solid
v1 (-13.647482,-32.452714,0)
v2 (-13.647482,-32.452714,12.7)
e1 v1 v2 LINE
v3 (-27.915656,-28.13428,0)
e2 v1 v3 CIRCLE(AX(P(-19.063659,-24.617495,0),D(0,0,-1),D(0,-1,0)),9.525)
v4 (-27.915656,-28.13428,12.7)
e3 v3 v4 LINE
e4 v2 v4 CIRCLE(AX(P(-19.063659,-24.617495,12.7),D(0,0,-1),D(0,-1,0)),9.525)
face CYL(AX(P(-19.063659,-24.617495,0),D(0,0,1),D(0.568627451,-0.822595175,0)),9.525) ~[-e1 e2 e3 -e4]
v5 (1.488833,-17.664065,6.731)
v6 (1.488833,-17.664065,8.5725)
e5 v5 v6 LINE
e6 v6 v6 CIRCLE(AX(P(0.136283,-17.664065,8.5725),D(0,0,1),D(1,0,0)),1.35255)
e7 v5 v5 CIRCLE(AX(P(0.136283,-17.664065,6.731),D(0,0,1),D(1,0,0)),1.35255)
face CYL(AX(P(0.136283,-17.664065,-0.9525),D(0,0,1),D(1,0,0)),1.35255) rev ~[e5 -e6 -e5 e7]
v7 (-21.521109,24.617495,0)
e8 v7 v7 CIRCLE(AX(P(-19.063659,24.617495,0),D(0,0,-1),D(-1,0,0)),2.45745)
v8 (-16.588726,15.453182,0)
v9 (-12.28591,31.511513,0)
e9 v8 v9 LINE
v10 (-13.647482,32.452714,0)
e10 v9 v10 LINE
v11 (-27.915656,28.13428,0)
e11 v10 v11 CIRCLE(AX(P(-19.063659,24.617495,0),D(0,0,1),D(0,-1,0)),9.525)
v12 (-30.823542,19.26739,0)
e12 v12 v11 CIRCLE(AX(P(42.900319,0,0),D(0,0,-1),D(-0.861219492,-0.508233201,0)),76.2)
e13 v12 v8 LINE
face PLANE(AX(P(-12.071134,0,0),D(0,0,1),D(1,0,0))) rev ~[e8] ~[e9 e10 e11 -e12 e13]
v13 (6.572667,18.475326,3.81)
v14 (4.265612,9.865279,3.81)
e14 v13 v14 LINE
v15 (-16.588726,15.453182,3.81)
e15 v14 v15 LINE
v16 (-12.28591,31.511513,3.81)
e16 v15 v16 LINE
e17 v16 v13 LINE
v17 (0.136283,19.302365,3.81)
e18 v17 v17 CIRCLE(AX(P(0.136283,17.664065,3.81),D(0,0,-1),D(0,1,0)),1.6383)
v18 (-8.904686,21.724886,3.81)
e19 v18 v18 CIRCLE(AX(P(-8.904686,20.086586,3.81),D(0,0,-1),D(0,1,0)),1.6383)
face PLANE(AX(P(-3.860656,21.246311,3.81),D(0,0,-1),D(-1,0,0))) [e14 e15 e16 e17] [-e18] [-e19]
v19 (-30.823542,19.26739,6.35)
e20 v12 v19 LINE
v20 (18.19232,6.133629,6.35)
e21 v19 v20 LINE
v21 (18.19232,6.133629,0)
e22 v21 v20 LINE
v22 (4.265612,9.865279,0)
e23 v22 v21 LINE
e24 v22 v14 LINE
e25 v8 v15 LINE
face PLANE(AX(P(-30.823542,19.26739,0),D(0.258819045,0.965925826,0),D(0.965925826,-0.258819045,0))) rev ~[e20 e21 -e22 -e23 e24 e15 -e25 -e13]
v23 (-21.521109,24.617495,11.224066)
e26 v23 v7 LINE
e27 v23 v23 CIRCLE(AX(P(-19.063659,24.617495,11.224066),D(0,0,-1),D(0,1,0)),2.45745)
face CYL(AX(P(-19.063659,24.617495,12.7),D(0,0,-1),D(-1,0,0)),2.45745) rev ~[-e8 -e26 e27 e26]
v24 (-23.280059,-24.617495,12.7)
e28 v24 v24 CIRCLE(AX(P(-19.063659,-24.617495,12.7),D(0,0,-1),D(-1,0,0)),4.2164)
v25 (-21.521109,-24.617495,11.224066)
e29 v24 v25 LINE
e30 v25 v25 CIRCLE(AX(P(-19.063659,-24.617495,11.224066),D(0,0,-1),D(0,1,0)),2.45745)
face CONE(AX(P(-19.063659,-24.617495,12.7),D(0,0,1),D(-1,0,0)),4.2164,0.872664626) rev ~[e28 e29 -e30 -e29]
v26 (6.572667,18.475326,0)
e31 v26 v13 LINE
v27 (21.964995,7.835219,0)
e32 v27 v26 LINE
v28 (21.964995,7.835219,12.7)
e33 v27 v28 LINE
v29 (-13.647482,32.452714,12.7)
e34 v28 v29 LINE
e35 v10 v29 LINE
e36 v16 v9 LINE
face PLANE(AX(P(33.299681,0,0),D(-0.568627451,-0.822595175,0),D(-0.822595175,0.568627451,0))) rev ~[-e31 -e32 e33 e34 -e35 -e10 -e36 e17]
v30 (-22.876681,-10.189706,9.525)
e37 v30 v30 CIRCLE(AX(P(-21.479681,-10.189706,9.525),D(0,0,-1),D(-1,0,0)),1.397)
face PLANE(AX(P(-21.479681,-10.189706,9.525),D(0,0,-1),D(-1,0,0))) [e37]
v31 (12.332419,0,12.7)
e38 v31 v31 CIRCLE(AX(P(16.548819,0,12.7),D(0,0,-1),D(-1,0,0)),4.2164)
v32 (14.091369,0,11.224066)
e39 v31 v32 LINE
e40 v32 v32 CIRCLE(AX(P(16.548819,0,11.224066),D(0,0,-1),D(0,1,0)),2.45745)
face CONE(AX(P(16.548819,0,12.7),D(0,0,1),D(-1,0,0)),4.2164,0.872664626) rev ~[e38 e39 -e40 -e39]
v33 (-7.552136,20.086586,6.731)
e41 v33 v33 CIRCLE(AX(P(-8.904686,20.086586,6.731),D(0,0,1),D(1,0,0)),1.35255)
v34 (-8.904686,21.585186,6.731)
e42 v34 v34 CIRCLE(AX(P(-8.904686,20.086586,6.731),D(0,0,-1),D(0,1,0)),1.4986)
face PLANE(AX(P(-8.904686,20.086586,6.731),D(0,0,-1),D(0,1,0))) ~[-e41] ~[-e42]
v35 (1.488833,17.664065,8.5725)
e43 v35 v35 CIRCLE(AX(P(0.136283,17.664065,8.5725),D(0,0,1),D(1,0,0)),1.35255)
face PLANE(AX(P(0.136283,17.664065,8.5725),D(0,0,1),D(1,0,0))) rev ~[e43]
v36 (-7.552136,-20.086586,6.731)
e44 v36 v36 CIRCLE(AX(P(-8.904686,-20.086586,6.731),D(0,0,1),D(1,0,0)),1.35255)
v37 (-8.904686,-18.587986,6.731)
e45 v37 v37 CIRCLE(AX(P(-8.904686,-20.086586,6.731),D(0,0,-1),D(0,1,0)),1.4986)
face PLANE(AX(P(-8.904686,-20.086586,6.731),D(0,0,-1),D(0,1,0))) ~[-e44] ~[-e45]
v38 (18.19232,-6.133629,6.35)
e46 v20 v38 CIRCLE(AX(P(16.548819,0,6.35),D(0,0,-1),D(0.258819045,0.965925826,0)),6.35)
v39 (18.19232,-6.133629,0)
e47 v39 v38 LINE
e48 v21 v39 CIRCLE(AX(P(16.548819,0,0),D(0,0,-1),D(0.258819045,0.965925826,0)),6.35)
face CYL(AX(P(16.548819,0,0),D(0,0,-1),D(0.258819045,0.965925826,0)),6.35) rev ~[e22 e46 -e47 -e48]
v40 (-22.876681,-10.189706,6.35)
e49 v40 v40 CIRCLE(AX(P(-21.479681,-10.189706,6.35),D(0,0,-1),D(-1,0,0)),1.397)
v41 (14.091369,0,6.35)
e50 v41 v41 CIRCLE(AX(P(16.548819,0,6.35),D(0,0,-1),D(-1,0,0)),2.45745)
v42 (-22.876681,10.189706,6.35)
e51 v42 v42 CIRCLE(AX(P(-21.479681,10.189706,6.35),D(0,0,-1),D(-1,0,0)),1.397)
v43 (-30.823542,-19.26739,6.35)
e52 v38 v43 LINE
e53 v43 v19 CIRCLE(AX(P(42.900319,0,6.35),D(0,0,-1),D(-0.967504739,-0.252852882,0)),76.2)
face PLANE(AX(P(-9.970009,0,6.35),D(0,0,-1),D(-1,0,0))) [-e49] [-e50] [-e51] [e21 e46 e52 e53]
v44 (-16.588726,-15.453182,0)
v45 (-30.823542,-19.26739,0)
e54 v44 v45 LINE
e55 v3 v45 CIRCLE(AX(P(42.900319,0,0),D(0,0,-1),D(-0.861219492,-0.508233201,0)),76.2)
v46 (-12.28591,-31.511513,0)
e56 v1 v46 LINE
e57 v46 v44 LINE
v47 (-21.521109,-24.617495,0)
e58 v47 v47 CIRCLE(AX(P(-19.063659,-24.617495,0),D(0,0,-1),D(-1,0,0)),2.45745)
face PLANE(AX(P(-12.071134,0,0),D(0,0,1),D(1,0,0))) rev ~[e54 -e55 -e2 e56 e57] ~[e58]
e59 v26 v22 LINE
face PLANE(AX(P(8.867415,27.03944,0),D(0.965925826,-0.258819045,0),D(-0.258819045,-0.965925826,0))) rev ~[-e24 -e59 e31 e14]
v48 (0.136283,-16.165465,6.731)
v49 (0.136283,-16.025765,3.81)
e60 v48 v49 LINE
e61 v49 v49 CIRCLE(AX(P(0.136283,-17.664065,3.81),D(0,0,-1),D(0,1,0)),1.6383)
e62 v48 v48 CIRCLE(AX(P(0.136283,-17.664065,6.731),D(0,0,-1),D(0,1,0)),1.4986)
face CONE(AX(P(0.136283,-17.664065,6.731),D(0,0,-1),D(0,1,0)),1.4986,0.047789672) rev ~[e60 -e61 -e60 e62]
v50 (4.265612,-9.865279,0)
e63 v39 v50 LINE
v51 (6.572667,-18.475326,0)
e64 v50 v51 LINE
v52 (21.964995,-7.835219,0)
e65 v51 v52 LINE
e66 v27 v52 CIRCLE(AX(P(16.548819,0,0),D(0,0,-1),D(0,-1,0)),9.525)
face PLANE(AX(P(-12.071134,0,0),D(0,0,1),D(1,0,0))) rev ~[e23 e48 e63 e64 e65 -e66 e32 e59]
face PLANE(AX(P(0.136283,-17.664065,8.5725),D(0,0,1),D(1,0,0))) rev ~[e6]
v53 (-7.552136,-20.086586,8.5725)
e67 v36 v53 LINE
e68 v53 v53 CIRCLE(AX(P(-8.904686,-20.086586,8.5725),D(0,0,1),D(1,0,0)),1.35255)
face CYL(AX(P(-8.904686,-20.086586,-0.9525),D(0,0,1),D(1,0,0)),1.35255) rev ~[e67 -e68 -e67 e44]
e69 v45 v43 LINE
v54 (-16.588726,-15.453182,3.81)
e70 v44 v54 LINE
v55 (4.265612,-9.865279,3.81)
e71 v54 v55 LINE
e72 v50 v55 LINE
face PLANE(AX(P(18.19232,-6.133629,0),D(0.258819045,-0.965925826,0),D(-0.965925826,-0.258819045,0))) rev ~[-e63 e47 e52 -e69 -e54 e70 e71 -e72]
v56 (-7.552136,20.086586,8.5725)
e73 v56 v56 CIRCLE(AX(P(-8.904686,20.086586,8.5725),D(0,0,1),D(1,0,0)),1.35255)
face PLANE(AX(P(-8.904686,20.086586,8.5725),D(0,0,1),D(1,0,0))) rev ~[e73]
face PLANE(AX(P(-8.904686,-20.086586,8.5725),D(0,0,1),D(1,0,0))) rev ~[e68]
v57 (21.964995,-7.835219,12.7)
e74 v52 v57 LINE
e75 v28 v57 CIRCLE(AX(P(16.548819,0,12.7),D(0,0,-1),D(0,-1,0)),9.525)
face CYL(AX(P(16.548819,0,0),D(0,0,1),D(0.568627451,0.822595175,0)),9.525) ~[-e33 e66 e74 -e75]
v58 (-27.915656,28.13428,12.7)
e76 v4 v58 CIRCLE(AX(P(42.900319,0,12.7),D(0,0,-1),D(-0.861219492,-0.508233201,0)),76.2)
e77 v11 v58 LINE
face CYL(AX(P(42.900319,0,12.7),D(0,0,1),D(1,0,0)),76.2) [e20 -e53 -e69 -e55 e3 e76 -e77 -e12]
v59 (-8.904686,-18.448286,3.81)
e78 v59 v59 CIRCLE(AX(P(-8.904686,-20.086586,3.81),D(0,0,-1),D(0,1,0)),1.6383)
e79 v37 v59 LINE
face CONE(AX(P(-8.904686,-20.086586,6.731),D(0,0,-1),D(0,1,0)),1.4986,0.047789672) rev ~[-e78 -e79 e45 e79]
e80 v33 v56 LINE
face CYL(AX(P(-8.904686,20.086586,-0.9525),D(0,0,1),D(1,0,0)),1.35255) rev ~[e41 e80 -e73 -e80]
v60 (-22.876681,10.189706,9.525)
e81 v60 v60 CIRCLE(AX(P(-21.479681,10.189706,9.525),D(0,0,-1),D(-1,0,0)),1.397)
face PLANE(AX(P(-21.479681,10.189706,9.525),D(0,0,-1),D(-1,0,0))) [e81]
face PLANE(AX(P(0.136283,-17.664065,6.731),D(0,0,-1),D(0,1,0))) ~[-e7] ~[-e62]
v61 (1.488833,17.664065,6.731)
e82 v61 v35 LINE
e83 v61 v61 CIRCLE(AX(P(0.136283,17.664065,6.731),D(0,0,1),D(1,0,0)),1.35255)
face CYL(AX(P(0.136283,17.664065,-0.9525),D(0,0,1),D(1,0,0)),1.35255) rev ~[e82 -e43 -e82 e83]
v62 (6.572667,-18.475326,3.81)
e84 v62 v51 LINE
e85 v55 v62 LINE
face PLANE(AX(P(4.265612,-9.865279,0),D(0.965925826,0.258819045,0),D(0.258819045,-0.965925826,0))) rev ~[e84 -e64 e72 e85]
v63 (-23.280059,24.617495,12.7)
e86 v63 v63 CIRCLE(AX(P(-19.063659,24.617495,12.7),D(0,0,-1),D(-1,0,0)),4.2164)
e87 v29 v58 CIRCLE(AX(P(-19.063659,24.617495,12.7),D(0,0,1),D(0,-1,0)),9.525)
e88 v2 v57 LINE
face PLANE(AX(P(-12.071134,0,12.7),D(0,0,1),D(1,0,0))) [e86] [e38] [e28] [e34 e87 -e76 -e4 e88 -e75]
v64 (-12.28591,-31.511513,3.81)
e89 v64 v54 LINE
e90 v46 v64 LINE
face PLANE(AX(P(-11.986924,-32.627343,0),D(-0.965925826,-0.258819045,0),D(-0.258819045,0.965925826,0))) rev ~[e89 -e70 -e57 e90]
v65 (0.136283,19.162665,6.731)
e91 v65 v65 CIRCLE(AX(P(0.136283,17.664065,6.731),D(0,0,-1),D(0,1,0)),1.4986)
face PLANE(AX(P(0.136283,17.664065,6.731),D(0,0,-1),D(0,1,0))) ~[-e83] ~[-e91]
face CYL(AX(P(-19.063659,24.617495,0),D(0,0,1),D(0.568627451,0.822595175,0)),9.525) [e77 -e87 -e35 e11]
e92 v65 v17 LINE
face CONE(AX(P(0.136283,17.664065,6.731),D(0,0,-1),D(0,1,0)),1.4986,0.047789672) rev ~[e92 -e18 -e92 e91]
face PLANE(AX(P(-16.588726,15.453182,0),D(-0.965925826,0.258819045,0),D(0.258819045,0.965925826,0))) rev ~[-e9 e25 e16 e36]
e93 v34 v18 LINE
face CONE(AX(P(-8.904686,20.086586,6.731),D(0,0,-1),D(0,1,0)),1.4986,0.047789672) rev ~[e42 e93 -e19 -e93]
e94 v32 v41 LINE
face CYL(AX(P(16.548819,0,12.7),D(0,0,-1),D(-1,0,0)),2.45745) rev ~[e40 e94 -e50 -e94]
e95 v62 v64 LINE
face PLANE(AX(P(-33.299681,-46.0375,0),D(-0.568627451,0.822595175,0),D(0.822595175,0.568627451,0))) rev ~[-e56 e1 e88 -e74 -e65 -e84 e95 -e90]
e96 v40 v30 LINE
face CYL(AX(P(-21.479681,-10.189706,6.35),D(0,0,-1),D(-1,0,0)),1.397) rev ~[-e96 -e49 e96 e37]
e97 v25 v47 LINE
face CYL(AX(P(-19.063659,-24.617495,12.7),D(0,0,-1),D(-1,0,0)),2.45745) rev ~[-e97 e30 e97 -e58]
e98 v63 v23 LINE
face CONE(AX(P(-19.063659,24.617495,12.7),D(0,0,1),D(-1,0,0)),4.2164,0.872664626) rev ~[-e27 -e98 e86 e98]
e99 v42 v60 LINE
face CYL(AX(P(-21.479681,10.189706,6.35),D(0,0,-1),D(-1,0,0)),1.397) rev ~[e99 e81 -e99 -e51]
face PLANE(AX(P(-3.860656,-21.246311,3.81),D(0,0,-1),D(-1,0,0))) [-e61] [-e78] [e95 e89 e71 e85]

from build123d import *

# Parameters (mm, degrees)
BOSS_EXTRUDE1_DEPTH                               = 12.7
SKETCH2_R                                         = 101.6
SKETCH2_R_2                                       = 76.2
CUT_EXTRUDE1_DEPTH                                = 13.7
FILLET1_R                                         = 9.525
CSK_FOR_8_FLAT_HEAD_MACHINE_SCREW_100_D           = 4.9149
CSK_FOR_8_FLAT_HEAD_MACHINE_SCREW_100_DEPTH       = 12.7
CSK_FOR_8_FLAT_HEAD_MACHINE_SCREW_100_CSINK_D     = 8.4328
CSK_FOR_8_FLAT_HEAD_MACHINE_SCREW_100_CSINK_ANGLE = 100
CUT_EXTRUDE2_DEPTH                                = 6.35
CUT_EXTRUDE3_DEPTH                                = 3.81
SKETCH7_R                                         = 1.397
CUT_EXTRUDE4_DEPTH                                = 3.175
HOLE1_AT_2_COUNT                                  = 2
HOLE1_AT_2_PITCH                                  = 9.3599
HOLE1_AT_3_COUNT                                  = 2
HOLE1_AT_3_PITCH                                  = 38.818175673
HOLE1_AT_4_COUNT                                  = 2
HOLE1_AT_4_PITCH                                  = 40.17317123
F_2_CLEARANCE_HOLE1_D                             = 2.7051
F_2_CLEARANCE_HOLE1_DEPTH                         = 4.7625


with BuildPart() as part:
    # Sketch1 → Boss-Extrude1 (new body)
    with BuildSketch(Plane.XY):
        Polygon((33.299680929, 0), (-33.299680929, 46.0375), (-33.299680929, -46.0375), align=None)
    extrude(amount=BOSS_EXTRUDE1_DEPTH)

    # Sketch2 → Cut-Extrude1 (cut, through all)
    with BuildSketch(Plane.XY.offset(12.7)):
        with Locations((42.900319071, 0)):
            Circle(SKETCH2_R)
        with Locations((42.900319071, 0)):
            Circle(SKETCH2_R_2, mode=Mode.SUBTRACT)
    extrude(amount=-CUT_EXTRUDE1_DEPTH, mode=Mode.SUBTRACT)

    # Fillet1
    fillet1_edges = [part.edges().sort_by_distance(p)[0] for p in [
        (-22.72460624, -38.727369881, 6.35),
        (-22.72460624, 38.727369881, 6.35),
        (33.299680929, 0, 6.35),
    ]]
    fillet(fillet1_edges, radius=FILLET1_R)

    # CSK for #8 Flat Head Machine Screw (100)1
    with Locations(Plane.XY.offset(12.7)):
        with Locations((-19.063658953, -24.617494846), (-19.063658953, 24.617494846), (16.54881886, 0)):
            CounterSinkHole(CSK_FOR_8_FLAT_HEAD_MACHINE_SCREW_100_D / 2, CSK_FOR_8_FLAT_HEAD_MACHINE_SCREW_100_CSINK_D / 2, depth=CSK_FOR_8_FLAT_HEAD_MACHINE_SCREW_100_DEPTH, counter_sink_angle=CSK_FOR_8_FLAT_HEAD_MACHINE_SCREW_100_CSINK_ANGLE)

    # Sketch5 → Cut-Extrude2 (cut)
    with BuildSketch(Plane(origin=(0, 0, 0), x_dir=(-1, 0, 0), z_dir=(0, 0, -1))):
        with BuildLine():
            Line((30.823542048, 19.267389595), (-18.192319797, 6.133628997))
            ThreePointArc((-18.192319797, 6.133628997), (-22.89881886, 0), (-18.192319797, -6.133628997))
            Line((-18.192319797, -6.133628997), (30.823542048, -19.267389595))
            ThreePointArc((30.823542048, -19.267389595), (33.299680929, 0), (30.823542048, 19.267389595))
        make_face()
    extrude(amount=-CUT_EXTRUDE2_DEPTH, mode=Mode.SUBTRACT)

    # Sketch6 → Cut-Extrude3 (cut)
    with BuildSketch(Plane(origin=(0, 0, 0), x_dir=(-1, 0, 0), z_dir=(0, 0, -1))):
        Polygon((16.588726313, -15.453182214), (-4.265612277, -9.86527903), (-8.867414899, -27.039440222), (11.986923691, -32.627343405), align=None)
        Polygon((11.986923691, 32.627343405), (-8.867414899, 27.039440222), (-4.265612277, 9.86527903), (16.588726313, 15.453182214), align=None)
    extrude(amount=-CUT_EXTRUDE3_DEPTH, mode=Mode.SUBTRACT)

    # Sketch7 → Cut-Extrude4 (cut)
    with BuildSketch(Plane(origin=(0, 0, 6.35), x_dir=(-1, 0, 0), z_dir=(0, 0, -1))):
        with Locations((21.479680921, -10.189705806)):
            Circle(SKETCH7_R)
        with Locations((21.479680921, 10.189705806)):
            Circle(SKETCH7_R)
    extrude(amount=-CUT_EXTRUDE4_DEPTH, mode=Mode.SUBTRACT)

    # Sketch9 → Hole1 (revolve, cut)
    with BuildSketch(Plane(origin=(-8.904685942, -20.086585615, 3.81), x_dir=(0, 1, 0), z_dir=(1, 0, 0))):
        Polygon((0, 0), (0, 2.921), (1.4986, 2.921), (1.6383, 0), align=None)
    hole1 = revolve(axis=Axis((-8.904685942, -20.086585615, 113.81), (0, 0, -1)), mode=Mode.SUBTRACT)

    # Hole1 at 2: Hole1 ×2
    with Locations(*[Vector(0.965925826, 0.258819045, 0) * (i * HOLE1_AT_2_PITCH) for i in range(1, HOLE1_AT_2_COUNT)]):
        add(hole1, mode=Mode.SUBTRACT)

    # Hole1 at 3: Hole1 ×2
    with Locations(*[Vector(0.232905565, 0.972499356, 0) * (i * HOLE1_AT_3_PITCH) for i in range(1, HOLE1_AT_3_COUNT)]):
        add(hole1, mode=Mode.SUBTRACT)

    # Hole1 at 4: Hole1 ×2
    with Locations(*[(0, i * HOLE1_AT_4_PITCH, 0) for i in range(1, HOLE1_AT_4_COUNT)]):
        add(hole1, mode=Mode.SUBTRACT)

    # #2 Clearance Hole1
    with Locations(Plane(origin=(0, 0, 3.81), x_dir=(-1, 0, 0), z_dir=(0, 0, -1))):
        with Locations((8.904685942, -20.086585615), (-0.136283199, -17.664065235), (-0.136283199, 17.664065235), (8.904685942, 20.086585615)):
            Hole(F_2_CLEARANCE_HOLE1_D / 2, depth=F_2_CLEARANCE_HOLE1_DEPTH)


solid = part.part
